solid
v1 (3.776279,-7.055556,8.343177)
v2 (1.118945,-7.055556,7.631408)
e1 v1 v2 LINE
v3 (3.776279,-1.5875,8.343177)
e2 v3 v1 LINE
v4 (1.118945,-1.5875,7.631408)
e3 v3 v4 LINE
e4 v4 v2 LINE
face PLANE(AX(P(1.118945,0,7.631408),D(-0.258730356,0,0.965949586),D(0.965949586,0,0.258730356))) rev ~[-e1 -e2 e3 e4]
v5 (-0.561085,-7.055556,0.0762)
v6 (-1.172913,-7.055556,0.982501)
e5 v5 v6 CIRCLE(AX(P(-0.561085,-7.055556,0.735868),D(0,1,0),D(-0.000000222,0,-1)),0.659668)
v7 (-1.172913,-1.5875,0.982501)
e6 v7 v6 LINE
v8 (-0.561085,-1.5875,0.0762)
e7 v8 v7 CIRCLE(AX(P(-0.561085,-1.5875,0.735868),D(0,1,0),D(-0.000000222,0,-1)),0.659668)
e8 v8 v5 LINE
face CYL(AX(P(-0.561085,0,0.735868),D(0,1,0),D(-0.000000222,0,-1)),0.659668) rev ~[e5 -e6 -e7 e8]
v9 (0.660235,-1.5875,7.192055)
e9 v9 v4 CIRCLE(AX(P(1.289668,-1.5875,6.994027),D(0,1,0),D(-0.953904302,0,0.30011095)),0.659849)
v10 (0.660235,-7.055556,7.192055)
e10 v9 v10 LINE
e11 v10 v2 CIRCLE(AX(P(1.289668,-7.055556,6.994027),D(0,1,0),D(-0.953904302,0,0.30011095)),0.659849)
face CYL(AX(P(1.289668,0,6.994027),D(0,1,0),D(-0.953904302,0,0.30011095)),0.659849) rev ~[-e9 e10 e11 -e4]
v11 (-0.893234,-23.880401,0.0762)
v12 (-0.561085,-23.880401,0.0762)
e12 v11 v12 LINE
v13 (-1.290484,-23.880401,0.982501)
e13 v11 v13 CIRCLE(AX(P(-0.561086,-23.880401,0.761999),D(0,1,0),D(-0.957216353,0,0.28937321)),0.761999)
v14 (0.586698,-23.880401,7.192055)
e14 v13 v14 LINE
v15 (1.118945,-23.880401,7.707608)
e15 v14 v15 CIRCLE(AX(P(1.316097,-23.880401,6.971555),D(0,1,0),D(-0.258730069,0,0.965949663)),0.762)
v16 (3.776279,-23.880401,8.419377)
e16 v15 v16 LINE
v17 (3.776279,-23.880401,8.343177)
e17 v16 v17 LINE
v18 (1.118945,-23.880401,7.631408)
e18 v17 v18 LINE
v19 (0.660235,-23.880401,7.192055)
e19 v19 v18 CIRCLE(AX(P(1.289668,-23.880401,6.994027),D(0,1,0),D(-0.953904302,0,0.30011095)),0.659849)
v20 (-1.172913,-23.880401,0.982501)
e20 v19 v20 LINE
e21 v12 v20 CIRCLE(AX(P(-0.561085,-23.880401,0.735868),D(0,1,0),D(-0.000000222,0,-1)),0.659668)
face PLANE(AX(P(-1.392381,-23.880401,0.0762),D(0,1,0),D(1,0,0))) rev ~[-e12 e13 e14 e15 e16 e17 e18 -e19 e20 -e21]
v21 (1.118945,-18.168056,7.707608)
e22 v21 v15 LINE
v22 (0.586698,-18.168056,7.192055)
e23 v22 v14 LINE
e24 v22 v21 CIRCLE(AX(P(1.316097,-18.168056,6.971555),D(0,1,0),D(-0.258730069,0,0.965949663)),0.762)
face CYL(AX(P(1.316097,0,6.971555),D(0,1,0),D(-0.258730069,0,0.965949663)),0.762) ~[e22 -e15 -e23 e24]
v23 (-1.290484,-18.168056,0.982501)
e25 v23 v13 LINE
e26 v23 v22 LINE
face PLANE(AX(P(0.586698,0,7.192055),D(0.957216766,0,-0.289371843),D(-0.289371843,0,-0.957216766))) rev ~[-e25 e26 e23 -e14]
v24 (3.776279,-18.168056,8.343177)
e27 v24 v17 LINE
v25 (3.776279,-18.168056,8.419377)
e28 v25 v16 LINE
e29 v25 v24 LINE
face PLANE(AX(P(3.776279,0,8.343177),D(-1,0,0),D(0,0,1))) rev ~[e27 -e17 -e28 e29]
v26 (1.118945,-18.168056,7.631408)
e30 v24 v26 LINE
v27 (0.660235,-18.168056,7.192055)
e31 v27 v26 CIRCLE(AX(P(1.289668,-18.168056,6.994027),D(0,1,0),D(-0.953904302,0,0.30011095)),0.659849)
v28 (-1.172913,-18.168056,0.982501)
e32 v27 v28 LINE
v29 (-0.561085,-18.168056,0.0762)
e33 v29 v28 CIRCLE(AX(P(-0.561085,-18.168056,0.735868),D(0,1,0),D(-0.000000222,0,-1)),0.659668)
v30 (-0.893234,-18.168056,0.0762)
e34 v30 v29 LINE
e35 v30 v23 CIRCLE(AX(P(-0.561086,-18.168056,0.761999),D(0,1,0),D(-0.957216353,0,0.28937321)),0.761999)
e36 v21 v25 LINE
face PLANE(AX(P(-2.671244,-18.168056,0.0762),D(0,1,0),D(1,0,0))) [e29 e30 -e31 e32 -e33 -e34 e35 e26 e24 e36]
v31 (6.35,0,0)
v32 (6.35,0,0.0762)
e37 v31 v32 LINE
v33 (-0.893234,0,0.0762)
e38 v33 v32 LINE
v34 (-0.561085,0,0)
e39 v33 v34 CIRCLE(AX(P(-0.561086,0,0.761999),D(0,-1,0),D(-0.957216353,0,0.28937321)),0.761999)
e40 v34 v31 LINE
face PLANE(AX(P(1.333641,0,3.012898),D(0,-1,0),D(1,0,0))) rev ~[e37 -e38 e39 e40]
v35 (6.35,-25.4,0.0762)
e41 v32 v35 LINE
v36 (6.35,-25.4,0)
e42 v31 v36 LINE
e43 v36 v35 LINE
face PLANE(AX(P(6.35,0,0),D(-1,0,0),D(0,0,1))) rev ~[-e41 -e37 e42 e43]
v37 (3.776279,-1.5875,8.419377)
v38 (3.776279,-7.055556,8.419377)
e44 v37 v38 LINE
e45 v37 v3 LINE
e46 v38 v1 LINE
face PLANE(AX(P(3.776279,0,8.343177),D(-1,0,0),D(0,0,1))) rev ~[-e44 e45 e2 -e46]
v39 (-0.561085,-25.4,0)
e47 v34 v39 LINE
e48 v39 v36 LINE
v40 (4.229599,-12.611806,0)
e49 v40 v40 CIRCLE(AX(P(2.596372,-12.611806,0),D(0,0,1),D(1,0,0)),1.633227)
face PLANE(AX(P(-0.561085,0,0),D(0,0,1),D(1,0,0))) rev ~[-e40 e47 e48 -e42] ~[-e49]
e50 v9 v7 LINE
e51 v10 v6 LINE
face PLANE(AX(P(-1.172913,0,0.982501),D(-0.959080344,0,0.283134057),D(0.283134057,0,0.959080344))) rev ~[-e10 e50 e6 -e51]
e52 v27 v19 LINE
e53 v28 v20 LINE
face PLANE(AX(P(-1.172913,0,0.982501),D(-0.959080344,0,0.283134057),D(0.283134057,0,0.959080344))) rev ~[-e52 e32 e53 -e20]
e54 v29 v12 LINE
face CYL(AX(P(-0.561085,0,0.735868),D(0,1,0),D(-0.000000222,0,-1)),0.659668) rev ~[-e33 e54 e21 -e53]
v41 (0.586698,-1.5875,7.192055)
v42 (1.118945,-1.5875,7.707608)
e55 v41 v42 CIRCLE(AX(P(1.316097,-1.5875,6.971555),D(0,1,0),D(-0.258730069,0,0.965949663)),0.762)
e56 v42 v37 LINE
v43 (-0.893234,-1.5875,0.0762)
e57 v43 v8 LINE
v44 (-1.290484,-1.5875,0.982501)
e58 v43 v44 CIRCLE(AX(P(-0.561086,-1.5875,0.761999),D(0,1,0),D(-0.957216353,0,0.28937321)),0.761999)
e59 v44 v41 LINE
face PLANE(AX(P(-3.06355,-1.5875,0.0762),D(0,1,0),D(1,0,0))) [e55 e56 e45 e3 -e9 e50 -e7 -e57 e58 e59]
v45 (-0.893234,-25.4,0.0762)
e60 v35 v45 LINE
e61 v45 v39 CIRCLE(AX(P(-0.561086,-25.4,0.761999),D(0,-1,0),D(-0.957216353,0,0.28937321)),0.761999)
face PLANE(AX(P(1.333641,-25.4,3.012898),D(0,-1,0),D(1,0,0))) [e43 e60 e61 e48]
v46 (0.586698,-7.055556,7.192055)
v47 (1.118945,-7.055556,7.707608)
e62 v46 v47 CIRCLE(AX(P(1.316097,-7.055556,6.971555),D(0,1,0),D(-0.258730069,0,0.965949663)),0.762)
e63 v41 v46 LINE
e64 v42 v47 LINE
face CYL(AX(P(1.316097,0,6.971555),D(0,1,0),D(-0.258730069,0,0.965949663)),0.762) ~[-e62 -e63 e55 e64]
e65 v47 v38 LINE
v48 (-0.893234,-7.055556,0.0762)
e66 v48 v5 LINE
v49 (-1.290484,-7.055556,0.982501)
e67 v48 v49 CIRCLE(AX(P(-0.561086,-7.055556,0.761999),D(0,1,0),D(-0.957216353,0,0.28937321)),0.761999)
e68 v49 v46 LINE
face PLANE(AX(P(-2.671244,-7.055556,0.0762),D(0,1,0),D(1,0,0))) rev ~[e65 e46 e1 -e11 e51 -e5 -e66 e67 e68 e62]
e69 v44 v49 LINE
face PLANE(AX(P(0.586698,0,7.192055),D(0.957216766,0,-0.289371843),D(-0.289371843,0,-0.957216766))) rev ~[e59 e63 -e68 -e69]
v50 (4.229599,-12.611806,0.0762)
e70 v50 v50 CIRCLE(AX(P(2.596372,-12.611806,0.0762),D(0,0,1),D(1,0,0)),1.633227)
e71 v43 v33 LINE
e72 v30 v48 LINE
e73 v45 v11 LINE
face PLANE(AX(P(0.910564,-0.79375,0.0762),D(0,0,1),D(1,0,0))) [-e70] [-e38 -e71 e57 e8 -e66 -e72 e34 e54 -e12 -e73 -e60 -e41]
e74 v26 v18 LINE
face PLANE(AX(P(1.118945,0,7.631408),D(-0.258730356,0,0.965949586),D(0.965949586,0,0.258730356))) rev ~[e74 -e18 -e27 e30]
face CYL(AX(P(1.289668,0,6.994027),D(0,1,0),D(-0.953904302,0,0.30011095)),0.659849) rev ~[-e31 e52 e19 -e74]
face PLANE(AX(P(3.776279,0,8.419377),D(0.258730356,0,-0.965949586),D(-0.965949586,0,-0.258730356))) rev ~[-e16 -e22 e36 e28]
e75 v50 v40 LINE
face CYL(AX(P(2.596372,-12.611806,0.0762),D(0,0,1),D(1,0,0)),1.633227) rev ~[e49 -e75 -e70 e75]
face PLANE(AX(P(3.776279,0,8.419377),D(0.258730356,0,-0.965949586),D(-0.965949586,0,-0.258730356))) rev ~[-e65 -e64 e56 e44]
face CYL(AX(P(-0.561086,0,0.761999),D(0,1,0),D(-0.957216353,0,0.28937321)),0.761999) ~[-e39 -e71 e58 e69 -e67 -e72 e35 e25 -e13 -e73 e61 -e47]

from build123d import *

# Parameters (mm, degrees)
F1_DEPTH = 25.4
F3_W     = 8.148129
F3_H     = 5.55625
F3_W_2   = 7.948229
F3_H_2   = 1.5875
F3_W_3   = 8.837929
F4_DEPTH = 25.4
F5_R     = 1.633227
F6_DEPTH = 25.4


with BuildPart() as f1:
    # F0 (on Front) → F1 (new body)
    with BuildSketch(Plane.XZ):
        with BuildLine():
            Line((-0.561085, 0), (0, 0))
            Line((0, 0), (6.35, 0))
            Line((6.35, 0), (6.35, 0.0762))
            Line((6.35, 0.0762), (-0.561085, 0.0762))
            ThreePointArc((-0.561085, 0.0762), (-1.107829, 0.366771), (-1.172913, 0.982501))
            Line((-1.172913, 0.982501), (0.660235, 7.192055))
            ThreePointArc((0.660235, 7.192055), (0.833247, 7.470557), (1.118945, 7.631408))
            Line((1.118945, 7.631408), (3.776279, 8.343177))
            Line((3.776279, 8.343177), (3.776279, 8.419377))
            Line((3.776279, 8.419377), (1.118945, 7.707608))
            ThreePointArc((1.118945, 7.707608), (0.785934, 7.518885), (0.586698, 7.192055))
            Line((0.586698, 7.192055), (-1.290484, 0.982501))
            ThreePointArc((-1.290484, 0.982501), (-1.172913, 0.307785), (-0.561085, 0))
        make_face()
    extrude(amount=F1_DEPTH)

    # F3 (on offset) → F4 (cut)
    with BuildSketch(Plane.XY.offset(0.0762)):
        with Locations((1.40282, -9.833681)):
            Rectangle(F3_W, F3_H)
        with Locations((0.910564, -0.79375)):
            Rectangle(F3_W_2, F3_H_2)
        with Locations((3.026584, -24.674151)):
            Rectangle(F3_W_3, F3_H_2)
        with Locations((1.40282, -15.389931)):
            Rectangle(F3_W, F3_H)
    extrude(amount=F4_DEPTH, mode=Mode.SUBTRACT)

    # F5 (on face) → F6 (cut)
    with BuildSketch(Plane.XY.offset(0.0762)):
        with Locations((2.596372, -12.611806)):
            Circle(F5_R)
    extrude(amount=-F6_DEPTH, mode=Mode.SUBTRACT)


solid = f1.part
